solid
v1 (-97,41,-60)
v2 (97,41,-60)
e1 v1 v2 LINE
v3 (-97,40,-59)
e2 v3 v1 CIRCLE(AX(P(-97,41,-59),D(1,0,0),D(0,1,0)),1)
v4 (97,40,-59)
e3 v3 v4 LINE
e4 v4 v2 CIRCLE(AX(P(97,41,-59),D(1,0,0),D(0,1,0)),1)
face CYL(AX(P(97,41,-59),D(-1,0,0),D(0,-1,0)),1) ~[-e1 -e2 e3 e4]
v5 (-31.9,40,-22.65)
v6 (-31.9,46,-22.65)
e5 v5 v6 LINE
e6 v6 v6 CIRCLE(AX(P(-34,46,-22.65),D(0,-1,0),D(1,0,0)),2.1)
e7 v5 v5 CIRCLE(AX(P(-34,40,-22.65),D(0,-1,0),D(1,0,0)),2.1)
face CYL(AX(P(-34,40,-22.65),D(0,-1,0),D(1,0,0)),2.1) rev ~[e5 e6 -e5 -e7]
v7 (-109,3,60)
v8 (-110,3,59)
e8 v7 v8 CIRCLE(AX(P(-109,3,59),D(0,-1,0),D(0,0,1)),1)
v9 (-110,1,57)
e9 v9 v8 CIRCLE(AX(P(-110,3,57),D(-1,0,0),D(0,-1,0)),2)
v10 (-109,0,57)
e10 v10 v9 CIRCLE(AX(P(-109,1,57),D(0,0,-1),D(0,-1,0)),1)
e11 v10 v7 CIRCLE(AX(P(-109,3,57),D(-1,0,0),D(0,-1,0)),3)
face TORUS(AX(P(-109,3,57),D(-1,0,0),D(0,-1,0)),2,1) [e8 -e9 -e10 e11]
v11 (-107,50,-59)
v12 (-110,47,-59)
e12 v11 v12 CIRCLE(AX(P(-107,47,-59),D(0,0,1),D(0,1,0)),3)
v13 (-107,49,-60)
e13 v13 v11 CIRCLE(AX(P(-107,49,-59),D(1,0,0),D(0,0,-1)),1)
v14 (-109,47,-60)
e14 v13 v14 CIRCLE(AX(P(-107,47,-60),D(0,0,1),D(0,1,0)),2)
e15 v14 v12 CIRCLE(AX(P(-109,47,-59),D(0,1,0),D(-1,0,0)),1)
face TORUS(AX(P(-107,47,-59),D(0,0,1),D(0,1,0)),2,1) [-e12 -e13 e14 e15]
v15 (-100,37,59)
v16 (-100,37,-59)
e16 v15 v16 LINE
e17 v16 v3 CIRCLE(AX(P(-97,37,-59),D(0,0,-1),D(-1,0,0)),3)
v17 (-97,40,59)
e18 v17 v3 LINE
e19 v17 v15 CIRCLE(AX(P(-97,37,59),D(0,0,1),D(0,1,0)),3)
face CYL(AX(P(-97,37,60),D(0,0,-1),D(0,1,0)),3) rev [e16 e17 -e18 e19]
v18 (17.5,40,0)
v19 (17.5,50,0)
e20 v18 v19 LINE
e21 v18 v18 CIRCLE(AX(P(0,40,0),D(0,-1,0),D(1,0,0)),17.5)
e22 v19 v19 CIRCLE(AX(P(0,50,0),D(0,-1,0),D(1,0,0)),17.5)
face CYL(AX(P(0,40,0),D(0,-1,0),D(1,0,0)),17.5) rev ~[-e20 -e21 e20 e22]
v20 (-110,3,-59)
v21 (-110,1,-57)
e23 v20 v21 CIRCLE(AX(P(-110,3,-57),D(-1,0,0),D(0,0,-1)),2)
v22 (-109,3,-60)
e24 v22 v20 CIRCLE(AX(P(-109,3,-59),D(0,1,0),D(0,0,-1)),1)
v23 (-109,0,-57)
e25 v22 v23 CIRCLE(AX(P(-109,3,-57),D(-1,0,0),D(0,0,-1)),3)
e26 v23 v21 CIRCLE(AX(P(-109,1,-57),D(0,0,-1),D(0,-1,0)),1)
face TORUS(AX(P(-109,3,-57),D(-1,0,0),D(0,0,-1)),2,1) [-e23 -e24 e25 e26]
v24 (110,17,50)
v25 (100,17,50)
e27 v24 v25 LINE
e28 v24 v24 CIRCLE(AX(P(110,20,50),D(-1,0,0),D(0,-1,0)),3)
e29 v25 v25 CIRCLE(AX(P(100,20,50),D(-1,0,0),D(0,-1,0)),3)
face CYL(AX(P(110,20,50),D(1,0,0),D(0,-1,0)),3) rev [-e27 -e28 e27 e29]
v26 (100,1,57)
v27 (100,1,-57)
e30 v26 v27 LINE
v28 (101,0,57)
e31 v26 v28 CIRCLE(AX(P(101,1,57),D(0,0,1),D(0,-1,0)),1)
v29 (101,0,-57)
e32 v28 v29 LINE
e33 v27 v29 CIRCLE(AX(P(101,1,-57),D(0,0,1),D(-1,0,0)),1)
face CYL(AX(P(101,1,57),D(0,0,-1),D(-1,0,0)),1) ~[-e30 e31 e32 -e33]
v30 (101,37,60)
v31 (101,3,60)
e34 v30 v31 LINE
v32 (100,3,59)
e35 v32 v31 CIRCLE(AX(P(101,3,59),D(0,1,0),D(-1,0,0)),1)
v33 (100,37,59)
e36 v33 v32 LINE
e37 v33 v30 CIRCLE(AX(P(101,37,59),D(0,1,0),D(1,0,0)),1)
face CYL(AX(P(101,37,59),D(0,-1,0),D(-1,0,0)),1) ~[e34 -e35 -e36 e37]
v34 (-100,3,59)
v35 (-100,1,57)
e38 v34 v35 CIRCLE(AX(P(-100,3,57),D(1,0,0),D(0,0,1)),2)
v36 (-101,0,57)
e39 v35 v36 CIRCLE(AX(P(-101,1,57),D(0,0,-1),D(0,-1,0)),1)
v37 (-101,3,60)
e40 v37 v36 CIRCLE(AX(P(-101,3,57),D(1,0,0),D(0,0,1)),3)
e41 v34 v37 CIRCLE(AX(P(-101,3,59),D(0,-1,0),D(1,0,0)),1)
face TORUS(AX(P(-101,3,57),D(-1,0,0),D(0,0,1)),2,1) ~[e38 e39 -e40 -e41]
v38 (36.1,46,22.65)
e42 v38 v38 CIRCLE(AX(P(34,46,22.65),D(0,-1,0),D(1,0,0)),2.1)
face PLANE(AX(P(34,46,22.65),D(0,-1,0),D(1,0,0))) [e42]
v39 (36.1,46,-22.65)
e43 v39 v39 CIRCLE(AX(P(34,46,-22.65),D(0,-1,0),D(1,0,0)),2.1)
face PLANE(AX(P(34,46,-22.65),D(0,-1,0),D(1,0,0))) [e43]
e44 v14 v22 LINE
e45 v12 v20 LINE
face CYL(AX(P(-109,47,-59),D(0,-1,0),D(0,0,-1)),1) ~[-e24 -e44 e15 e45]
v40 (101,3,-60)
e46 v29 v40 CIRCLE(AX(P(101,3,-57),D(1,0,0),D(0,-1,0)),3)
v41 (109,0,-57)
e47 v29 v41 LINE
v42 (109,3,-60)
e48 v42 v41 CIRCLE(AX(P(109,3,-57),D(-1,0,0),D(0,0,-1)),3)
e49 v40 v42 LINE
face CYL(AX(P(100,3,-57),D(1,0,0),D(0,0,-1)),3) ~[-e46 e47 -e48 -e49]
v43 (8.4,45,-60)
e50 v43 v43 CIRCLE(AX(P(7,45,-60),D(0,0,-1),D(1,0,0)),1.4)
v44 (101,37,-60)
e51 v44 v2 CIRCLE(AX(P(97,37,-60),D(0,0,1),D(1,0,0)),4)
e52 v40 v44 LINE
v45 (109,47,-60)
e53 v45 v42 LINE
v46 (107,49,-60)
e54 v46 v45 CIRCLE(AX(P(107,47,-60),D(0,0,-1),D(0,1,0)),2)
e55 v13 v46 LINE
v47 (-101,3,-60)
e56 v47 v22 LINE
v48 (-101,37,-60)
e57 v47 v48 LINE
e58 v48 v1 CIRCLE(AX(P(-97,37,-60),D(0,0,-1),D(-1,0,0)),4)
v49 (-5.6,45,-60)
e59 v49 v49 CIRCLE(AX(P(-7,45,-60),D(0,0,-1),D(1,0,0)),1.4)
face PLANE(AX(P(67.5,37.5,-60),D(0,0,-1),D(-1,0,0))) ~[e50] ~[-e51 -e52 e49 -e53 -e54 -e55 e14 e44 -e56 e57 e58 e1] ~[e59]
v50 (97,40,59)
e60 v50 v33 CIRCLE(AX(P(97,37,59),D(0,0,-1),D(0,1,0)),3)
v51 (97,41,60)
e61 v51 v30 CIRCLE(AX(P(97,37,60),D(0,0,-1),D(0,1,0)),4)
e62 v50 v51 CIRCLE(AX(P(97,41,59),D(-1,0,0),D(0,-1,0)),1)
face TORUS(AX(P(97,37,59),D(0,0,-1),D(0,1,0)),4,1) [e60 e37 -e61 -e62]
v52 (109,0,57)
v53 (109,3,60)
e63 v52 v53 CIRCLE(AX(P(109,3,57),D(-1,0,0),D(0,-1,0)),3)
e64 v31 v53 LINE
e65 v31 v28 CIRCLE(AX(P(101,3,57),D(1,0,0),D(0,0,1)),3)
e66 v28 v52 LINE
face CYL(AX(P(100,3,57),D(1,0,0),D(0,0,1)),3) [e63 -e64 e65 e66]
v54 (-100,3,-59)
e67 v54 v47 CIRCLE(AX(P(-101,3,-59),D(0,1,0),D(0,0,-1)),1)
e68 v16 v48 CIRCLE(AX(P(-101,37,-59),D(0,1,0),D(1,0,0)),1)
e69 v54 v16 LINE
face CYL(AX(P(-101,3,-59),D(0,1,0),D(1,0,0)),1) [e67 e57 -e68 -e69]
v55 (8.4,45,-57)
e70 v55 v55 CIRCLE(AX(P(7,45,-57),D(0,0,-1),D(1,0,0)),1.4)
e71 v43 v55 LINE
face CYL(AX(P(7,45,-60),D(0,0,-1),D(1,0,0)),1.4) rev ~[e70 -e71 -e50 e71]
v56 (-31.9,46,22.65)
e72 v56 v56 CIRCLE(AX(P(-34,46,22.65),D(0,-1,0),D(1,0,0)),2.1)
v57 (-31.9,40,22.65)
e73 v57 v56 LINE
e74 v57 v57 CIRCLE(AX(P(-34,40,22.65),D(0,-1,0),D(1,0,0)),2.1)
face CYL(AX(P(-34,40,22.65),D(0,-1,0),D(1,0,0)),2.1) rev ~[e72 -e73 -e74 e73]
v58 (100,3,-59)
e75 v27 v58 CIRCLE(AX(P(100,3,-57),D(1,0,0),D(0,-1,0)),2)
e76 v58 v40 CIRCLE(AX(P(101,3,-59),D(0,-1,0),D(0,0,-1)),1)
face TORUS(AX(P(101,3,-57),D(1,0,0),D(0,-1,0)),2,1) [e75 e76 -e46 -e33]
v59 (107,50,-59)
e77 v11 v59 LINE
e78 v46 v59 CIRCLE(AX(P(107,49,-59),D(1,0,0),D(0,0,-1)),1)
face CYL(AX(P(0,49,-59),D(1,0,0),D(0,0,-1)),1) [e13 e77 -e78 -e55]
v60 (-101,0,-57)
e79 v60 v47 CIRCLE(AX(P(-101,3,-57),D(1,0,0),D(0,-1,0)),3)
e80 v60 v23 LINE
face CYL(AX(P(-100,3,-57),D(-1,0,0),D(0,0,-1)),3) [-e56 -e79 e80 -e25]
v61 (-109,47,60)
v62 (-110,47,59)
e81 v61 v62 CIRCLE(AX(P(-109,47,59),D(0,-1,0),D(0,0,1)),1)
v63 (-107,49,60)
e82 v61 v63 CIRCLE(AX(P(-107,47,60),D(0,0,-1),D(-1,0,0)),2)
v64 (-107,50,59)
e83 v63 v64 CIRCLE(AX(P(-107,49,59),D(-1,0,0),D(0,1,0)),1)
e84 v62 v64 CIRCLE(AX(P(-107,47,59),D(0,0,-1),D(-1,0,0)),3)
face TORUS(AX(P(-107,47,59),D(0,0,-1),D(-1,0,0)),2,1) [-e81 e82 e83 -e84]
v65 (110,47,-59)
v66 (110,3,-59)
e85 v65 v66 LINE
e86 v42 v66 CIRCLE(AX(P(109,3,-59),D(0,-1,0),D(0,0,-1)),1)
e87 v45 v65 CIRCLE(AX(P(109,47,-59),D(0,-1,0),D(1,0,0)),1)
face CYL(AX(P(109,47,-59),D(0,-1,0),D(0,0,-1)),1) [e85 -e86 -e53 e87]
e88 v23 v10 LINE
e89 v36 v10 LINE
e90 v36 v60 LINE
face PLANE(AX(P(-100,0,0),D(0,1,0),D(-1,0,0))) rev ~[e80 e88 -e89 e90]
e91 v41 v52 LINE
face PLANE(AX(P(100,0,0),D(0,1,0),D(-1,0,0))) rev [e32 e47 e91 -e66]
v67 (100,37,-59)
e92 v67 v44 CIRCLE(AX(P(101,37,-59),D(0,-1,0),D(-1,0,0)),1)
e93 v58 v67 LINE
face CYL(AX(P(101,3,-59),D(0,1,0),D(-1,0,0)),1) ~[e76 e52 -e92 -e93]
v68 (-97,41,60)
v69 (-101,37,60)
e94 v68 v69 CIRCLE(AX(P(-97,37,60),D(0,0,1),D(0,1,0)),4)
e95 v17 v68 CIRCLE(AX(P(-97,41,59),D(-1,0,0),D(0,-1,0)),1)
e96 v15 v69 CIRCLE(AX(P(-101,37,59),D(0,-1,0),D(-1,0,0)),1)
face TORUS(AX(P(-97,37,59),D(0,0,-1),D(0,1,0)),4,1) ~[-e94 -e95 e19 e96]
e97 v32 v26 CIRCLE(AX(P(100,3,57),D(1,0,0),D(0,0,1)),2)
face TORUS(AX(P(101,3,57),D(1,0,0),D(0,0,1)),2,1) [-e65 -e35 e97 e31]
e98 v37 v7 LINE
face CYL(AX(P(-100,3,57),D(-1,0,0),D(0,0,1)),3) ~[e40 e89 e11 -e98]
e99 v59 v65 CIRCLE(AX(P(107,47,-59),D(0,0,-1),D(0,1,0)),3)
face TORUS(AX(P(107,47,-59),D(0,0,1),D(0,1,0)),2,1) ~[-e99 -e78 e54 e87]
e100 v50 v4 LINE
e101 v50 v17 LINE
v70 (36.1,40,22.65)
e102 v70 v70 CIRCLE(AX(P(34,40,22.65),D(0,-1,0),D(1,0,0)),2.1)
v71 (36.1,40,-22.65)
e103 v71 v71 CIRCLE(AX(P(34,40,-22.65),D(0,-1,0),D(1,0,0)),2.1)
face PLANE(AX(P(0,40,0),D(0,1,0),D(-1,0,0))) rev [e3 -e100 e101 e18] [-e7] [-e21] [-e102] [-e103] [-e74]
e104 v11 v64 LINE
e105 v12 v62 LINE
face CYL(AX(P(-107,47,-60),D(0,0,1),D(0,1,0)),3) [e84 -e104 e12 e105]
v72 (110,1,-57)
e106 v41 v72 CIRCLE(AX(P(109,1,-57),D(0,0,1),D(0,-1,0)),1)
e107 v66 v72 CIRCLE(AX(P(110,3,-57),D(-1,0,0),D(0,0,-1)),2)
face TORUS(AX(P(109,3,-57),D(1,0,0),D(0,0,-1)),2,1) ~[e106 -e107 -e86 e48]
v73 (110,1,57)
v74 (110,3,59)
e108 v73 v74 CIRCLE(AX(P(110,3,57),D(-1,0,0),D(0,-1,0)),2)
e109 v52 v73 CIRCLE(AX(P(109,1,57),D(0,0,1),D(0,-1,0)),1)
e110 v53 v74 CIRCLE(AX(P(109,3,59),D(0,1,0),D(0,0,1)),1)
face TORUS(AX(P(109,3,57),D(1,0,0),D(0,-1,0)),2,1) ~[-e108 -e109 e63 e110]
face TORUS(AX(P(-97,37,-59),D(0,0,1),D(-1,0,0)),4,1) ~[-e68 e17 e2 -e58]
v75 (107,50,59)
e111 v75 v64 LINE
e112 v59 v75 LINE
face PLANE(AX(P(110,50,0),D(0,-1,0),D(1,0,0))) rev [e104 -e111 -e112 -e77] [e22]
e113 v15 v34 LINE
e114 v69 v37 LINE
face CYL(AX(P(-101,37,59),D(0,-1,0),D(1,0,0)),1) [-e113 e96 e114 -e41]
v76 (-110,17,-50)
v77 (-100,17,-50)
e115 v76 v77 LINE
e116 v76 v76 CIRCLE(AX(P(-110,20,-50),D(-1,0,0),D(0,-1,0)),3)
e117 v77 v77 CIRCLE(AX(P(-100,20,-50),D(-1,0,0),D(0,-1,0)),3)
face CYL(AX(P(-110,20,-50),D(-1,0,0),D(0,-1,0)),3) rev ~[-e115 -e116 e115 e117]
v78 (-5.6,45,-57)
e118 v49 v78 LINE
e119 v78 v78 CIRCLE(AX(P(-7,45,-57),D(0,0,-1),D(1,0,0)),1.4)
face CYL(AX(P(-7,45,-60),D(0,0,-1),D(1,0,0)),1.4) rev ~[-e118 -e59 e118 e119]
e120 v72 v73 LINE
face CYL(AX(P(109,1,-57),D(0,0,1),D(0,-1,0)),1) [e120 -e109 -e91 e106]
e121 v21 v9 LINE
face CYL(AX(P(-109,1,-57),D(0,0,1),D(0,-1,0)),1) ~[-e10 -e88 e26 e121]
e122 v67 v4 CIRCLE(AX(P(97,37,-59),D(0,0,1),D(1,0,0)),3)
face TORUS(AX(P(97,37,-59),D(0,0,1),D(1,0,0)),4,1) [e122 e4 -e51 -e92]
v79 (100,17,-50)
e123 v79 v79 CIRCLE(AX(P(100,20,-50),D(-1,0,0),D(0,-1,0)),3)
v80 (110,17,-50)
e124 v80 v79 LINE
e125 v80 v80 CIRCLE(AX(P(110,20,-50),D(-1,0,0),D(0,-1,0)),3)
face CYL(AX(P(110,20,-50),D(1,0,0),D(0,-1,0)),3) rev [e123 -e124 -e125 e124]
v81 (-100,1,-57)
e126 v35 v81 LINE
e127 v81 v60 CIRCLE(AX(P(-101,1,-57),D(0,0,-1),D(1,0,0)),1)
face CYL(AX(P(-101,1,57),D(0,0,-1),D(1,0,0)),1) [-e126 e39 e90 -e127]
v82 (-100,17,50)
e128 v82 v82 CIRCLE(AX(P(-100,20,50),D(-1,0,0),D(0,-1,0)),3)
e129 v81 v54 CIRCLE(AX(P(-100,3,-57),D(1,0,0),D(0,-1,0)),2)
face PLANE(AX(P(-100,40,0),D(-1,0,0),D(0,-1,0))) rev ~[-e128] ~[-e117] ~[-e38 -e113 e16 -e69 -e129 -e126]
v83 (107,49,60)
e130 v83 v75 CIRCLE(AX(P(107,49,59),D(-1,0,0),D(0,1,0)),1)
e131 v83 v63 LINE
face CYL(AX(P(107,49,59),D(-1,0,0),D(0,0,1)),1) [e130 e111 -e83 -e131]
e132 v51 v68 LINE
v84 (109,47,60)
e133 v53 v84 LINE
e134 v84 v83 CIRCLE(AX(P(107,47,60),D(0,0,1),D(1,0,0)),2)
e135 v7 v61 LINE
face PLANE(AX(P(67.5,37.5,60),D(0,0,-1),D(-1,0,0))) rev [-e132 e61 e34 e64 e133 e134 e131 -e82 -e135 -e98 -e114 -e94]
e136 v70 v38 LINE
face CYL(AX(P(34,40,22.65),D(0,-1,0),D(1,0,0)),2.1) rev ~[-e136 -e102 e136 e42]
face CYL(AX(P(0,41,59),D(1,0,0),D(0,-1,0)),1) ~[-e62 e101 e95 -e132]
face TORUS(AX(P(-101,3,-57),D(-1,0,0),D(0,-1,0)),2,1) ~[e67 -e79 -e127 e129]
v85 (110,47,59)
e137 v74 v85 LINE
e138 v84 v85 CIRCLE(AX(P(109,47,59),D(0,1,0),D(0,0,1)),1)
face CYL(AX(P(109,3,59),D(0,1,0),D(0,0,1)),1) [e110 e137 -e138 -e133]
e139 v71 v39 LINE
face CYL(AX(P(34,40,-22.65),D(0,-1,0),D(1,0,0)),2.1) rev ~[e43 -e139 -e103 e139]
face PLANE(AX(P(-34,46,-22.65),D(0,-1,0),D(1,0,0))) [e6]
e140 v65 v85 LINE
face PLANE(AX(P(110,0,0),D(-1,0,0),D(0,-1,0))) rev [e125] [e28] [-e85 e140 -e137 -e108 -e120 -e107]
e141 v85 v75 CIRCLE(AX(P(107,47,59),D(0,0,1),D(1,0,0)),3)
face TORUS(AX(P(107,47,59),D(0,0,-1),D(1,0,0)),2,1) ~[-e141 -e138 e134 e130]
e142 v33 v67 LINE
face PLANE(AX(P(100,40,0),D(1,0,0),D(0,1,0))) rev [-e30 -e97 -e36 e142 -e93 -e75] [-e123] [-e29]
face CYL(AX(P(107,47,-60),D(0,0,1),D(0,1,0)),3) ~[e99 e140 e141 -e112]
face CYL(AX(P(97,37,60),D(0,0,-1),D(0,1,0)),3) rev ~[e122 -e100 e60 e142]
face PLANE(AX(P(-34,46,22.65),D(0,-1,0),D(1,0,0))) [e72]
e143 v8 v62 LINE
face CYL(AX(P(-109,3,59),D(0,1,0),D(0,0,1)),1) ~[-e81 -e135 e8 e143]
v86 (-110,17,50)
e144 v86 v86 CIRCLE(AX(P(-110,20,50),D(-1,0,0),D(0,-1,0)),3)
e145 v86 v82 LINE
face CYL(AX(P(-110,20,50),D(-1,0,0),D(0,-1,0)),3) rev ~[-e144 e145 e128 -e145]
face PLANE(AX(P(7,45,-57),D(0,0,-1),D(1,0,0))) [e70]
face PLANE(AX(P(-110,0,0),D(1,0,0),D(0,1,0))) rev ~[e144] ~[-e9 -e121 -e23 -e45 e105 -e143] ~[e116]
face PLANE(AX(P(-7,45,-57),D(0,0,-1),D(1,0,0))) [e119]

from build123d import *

# Parameters (mm, degrees)
PAD_DEPTH       = 60
SKETCH001_R     = 3
POCKET_DEPTH    = 110.001
FILLET_R        = 3
FILLET001_R     = 1
SKETCH004_R     = 1.4
POCKET002_DEPTH = 3
SKETCH002_R     = 17.5
POCKET003_DEPTH = 10.001
SKETCH005_R     = 2.1
POCKET004_DEPTH = 6


with BuildPart() as part:
    # Sketch → Pad (new body, symmetric)
    with BuildSketch(Plane.XY):
        Polygon((0, 40), (-100, 40), (-100, 0), (-110, 0), (-110, 50), (0, 50), align=None)
        Polygon((0, 40), (0, 50), align=None)
    extrude(amount=PAD_DEPTH, both=True)

    # Sketch001 (on Face3 of Pad) → Pocket (cut, through all)
    with BuildSketch(Plane(origin=(-110, 0, 0), x_dir=(0, -1, 0), z_dir=(-1, 0, 0))):
        with Locations((-20, -50)):
            Circle(SKETCH001_R)
        with Locations((-20, 50)):
            Circle(SKETCH001_R)
    extrude(amount=-POCKET_DEPTH, mode=Mode.SUBTRACT)

    # Fillet
    fillet_edges = [part.edges().sort_by_distance(p)[0] for p in [
        (-105, 0, -60),
        (-100, 40, 0),
        (-105, 0, 60),
        (-110, 50, 0),
    ]]
    fillet(fillet_edges, radius=FILLET_R)

    # Fillet001
    fillet001_edges = [part.edges().sort_by_distance(p)[0] for p in [
        (-110, 25, 60),
        (-100, 0, 0),
    ]]
    fillet(fillet001_edges, radius=FILLET001_R)

    # Mirrored: part across YZ


with BuildPart() as part_1:
    add(part.part)
    add(part.part.mirror(Plane.YZ))

    # Sketch004 (on Face48 of Mirrored) → Pocket002 (cut)
    with BuildSketch(Plane(origin=(0, 0, -60), x_dir=(1, 0, 0), z_dir=(0, 0, -1))):
        with Locations((-7, -45)):
            Circle(SKETCH004_R)
        with Locations((7, -45)):
            Circle(SKETCH004_R)
    extrude(amount=-POCKET002_DEPTH, mode=Mode.SUBTRACT)

    # Sketch002 (on Face1 of Fillet001) → Pocket003 (cut, through all)
    with BuildSketch(Plane.XZ.offset(-40)):
        Circle(SKETCH002_R)
    extrude(amount=-POCKET003_DEPTH, mode=Mode.SUBTRACT)

    # Sketch005 (on Face34 of Pocket003) → Pocket004 (cut)
    with BuildSketch(Plane.XZ.offset(-40)):
        with Locations((-34, 22.65)):
            Circle(SKETCH005_R)
        with Locations((-34, -22.65)):
            Circle(SKETCH005_R)
        with Locations((34, -22.65)):
            Circle(SKETCH005_R)
        with Locations((34, 22.65)):
            Circle(SKETCH005_R)
    extrude(amount=-POCKET004_DEPTH, mode=Mode.SUBTRACT)


solid = part_1.part
